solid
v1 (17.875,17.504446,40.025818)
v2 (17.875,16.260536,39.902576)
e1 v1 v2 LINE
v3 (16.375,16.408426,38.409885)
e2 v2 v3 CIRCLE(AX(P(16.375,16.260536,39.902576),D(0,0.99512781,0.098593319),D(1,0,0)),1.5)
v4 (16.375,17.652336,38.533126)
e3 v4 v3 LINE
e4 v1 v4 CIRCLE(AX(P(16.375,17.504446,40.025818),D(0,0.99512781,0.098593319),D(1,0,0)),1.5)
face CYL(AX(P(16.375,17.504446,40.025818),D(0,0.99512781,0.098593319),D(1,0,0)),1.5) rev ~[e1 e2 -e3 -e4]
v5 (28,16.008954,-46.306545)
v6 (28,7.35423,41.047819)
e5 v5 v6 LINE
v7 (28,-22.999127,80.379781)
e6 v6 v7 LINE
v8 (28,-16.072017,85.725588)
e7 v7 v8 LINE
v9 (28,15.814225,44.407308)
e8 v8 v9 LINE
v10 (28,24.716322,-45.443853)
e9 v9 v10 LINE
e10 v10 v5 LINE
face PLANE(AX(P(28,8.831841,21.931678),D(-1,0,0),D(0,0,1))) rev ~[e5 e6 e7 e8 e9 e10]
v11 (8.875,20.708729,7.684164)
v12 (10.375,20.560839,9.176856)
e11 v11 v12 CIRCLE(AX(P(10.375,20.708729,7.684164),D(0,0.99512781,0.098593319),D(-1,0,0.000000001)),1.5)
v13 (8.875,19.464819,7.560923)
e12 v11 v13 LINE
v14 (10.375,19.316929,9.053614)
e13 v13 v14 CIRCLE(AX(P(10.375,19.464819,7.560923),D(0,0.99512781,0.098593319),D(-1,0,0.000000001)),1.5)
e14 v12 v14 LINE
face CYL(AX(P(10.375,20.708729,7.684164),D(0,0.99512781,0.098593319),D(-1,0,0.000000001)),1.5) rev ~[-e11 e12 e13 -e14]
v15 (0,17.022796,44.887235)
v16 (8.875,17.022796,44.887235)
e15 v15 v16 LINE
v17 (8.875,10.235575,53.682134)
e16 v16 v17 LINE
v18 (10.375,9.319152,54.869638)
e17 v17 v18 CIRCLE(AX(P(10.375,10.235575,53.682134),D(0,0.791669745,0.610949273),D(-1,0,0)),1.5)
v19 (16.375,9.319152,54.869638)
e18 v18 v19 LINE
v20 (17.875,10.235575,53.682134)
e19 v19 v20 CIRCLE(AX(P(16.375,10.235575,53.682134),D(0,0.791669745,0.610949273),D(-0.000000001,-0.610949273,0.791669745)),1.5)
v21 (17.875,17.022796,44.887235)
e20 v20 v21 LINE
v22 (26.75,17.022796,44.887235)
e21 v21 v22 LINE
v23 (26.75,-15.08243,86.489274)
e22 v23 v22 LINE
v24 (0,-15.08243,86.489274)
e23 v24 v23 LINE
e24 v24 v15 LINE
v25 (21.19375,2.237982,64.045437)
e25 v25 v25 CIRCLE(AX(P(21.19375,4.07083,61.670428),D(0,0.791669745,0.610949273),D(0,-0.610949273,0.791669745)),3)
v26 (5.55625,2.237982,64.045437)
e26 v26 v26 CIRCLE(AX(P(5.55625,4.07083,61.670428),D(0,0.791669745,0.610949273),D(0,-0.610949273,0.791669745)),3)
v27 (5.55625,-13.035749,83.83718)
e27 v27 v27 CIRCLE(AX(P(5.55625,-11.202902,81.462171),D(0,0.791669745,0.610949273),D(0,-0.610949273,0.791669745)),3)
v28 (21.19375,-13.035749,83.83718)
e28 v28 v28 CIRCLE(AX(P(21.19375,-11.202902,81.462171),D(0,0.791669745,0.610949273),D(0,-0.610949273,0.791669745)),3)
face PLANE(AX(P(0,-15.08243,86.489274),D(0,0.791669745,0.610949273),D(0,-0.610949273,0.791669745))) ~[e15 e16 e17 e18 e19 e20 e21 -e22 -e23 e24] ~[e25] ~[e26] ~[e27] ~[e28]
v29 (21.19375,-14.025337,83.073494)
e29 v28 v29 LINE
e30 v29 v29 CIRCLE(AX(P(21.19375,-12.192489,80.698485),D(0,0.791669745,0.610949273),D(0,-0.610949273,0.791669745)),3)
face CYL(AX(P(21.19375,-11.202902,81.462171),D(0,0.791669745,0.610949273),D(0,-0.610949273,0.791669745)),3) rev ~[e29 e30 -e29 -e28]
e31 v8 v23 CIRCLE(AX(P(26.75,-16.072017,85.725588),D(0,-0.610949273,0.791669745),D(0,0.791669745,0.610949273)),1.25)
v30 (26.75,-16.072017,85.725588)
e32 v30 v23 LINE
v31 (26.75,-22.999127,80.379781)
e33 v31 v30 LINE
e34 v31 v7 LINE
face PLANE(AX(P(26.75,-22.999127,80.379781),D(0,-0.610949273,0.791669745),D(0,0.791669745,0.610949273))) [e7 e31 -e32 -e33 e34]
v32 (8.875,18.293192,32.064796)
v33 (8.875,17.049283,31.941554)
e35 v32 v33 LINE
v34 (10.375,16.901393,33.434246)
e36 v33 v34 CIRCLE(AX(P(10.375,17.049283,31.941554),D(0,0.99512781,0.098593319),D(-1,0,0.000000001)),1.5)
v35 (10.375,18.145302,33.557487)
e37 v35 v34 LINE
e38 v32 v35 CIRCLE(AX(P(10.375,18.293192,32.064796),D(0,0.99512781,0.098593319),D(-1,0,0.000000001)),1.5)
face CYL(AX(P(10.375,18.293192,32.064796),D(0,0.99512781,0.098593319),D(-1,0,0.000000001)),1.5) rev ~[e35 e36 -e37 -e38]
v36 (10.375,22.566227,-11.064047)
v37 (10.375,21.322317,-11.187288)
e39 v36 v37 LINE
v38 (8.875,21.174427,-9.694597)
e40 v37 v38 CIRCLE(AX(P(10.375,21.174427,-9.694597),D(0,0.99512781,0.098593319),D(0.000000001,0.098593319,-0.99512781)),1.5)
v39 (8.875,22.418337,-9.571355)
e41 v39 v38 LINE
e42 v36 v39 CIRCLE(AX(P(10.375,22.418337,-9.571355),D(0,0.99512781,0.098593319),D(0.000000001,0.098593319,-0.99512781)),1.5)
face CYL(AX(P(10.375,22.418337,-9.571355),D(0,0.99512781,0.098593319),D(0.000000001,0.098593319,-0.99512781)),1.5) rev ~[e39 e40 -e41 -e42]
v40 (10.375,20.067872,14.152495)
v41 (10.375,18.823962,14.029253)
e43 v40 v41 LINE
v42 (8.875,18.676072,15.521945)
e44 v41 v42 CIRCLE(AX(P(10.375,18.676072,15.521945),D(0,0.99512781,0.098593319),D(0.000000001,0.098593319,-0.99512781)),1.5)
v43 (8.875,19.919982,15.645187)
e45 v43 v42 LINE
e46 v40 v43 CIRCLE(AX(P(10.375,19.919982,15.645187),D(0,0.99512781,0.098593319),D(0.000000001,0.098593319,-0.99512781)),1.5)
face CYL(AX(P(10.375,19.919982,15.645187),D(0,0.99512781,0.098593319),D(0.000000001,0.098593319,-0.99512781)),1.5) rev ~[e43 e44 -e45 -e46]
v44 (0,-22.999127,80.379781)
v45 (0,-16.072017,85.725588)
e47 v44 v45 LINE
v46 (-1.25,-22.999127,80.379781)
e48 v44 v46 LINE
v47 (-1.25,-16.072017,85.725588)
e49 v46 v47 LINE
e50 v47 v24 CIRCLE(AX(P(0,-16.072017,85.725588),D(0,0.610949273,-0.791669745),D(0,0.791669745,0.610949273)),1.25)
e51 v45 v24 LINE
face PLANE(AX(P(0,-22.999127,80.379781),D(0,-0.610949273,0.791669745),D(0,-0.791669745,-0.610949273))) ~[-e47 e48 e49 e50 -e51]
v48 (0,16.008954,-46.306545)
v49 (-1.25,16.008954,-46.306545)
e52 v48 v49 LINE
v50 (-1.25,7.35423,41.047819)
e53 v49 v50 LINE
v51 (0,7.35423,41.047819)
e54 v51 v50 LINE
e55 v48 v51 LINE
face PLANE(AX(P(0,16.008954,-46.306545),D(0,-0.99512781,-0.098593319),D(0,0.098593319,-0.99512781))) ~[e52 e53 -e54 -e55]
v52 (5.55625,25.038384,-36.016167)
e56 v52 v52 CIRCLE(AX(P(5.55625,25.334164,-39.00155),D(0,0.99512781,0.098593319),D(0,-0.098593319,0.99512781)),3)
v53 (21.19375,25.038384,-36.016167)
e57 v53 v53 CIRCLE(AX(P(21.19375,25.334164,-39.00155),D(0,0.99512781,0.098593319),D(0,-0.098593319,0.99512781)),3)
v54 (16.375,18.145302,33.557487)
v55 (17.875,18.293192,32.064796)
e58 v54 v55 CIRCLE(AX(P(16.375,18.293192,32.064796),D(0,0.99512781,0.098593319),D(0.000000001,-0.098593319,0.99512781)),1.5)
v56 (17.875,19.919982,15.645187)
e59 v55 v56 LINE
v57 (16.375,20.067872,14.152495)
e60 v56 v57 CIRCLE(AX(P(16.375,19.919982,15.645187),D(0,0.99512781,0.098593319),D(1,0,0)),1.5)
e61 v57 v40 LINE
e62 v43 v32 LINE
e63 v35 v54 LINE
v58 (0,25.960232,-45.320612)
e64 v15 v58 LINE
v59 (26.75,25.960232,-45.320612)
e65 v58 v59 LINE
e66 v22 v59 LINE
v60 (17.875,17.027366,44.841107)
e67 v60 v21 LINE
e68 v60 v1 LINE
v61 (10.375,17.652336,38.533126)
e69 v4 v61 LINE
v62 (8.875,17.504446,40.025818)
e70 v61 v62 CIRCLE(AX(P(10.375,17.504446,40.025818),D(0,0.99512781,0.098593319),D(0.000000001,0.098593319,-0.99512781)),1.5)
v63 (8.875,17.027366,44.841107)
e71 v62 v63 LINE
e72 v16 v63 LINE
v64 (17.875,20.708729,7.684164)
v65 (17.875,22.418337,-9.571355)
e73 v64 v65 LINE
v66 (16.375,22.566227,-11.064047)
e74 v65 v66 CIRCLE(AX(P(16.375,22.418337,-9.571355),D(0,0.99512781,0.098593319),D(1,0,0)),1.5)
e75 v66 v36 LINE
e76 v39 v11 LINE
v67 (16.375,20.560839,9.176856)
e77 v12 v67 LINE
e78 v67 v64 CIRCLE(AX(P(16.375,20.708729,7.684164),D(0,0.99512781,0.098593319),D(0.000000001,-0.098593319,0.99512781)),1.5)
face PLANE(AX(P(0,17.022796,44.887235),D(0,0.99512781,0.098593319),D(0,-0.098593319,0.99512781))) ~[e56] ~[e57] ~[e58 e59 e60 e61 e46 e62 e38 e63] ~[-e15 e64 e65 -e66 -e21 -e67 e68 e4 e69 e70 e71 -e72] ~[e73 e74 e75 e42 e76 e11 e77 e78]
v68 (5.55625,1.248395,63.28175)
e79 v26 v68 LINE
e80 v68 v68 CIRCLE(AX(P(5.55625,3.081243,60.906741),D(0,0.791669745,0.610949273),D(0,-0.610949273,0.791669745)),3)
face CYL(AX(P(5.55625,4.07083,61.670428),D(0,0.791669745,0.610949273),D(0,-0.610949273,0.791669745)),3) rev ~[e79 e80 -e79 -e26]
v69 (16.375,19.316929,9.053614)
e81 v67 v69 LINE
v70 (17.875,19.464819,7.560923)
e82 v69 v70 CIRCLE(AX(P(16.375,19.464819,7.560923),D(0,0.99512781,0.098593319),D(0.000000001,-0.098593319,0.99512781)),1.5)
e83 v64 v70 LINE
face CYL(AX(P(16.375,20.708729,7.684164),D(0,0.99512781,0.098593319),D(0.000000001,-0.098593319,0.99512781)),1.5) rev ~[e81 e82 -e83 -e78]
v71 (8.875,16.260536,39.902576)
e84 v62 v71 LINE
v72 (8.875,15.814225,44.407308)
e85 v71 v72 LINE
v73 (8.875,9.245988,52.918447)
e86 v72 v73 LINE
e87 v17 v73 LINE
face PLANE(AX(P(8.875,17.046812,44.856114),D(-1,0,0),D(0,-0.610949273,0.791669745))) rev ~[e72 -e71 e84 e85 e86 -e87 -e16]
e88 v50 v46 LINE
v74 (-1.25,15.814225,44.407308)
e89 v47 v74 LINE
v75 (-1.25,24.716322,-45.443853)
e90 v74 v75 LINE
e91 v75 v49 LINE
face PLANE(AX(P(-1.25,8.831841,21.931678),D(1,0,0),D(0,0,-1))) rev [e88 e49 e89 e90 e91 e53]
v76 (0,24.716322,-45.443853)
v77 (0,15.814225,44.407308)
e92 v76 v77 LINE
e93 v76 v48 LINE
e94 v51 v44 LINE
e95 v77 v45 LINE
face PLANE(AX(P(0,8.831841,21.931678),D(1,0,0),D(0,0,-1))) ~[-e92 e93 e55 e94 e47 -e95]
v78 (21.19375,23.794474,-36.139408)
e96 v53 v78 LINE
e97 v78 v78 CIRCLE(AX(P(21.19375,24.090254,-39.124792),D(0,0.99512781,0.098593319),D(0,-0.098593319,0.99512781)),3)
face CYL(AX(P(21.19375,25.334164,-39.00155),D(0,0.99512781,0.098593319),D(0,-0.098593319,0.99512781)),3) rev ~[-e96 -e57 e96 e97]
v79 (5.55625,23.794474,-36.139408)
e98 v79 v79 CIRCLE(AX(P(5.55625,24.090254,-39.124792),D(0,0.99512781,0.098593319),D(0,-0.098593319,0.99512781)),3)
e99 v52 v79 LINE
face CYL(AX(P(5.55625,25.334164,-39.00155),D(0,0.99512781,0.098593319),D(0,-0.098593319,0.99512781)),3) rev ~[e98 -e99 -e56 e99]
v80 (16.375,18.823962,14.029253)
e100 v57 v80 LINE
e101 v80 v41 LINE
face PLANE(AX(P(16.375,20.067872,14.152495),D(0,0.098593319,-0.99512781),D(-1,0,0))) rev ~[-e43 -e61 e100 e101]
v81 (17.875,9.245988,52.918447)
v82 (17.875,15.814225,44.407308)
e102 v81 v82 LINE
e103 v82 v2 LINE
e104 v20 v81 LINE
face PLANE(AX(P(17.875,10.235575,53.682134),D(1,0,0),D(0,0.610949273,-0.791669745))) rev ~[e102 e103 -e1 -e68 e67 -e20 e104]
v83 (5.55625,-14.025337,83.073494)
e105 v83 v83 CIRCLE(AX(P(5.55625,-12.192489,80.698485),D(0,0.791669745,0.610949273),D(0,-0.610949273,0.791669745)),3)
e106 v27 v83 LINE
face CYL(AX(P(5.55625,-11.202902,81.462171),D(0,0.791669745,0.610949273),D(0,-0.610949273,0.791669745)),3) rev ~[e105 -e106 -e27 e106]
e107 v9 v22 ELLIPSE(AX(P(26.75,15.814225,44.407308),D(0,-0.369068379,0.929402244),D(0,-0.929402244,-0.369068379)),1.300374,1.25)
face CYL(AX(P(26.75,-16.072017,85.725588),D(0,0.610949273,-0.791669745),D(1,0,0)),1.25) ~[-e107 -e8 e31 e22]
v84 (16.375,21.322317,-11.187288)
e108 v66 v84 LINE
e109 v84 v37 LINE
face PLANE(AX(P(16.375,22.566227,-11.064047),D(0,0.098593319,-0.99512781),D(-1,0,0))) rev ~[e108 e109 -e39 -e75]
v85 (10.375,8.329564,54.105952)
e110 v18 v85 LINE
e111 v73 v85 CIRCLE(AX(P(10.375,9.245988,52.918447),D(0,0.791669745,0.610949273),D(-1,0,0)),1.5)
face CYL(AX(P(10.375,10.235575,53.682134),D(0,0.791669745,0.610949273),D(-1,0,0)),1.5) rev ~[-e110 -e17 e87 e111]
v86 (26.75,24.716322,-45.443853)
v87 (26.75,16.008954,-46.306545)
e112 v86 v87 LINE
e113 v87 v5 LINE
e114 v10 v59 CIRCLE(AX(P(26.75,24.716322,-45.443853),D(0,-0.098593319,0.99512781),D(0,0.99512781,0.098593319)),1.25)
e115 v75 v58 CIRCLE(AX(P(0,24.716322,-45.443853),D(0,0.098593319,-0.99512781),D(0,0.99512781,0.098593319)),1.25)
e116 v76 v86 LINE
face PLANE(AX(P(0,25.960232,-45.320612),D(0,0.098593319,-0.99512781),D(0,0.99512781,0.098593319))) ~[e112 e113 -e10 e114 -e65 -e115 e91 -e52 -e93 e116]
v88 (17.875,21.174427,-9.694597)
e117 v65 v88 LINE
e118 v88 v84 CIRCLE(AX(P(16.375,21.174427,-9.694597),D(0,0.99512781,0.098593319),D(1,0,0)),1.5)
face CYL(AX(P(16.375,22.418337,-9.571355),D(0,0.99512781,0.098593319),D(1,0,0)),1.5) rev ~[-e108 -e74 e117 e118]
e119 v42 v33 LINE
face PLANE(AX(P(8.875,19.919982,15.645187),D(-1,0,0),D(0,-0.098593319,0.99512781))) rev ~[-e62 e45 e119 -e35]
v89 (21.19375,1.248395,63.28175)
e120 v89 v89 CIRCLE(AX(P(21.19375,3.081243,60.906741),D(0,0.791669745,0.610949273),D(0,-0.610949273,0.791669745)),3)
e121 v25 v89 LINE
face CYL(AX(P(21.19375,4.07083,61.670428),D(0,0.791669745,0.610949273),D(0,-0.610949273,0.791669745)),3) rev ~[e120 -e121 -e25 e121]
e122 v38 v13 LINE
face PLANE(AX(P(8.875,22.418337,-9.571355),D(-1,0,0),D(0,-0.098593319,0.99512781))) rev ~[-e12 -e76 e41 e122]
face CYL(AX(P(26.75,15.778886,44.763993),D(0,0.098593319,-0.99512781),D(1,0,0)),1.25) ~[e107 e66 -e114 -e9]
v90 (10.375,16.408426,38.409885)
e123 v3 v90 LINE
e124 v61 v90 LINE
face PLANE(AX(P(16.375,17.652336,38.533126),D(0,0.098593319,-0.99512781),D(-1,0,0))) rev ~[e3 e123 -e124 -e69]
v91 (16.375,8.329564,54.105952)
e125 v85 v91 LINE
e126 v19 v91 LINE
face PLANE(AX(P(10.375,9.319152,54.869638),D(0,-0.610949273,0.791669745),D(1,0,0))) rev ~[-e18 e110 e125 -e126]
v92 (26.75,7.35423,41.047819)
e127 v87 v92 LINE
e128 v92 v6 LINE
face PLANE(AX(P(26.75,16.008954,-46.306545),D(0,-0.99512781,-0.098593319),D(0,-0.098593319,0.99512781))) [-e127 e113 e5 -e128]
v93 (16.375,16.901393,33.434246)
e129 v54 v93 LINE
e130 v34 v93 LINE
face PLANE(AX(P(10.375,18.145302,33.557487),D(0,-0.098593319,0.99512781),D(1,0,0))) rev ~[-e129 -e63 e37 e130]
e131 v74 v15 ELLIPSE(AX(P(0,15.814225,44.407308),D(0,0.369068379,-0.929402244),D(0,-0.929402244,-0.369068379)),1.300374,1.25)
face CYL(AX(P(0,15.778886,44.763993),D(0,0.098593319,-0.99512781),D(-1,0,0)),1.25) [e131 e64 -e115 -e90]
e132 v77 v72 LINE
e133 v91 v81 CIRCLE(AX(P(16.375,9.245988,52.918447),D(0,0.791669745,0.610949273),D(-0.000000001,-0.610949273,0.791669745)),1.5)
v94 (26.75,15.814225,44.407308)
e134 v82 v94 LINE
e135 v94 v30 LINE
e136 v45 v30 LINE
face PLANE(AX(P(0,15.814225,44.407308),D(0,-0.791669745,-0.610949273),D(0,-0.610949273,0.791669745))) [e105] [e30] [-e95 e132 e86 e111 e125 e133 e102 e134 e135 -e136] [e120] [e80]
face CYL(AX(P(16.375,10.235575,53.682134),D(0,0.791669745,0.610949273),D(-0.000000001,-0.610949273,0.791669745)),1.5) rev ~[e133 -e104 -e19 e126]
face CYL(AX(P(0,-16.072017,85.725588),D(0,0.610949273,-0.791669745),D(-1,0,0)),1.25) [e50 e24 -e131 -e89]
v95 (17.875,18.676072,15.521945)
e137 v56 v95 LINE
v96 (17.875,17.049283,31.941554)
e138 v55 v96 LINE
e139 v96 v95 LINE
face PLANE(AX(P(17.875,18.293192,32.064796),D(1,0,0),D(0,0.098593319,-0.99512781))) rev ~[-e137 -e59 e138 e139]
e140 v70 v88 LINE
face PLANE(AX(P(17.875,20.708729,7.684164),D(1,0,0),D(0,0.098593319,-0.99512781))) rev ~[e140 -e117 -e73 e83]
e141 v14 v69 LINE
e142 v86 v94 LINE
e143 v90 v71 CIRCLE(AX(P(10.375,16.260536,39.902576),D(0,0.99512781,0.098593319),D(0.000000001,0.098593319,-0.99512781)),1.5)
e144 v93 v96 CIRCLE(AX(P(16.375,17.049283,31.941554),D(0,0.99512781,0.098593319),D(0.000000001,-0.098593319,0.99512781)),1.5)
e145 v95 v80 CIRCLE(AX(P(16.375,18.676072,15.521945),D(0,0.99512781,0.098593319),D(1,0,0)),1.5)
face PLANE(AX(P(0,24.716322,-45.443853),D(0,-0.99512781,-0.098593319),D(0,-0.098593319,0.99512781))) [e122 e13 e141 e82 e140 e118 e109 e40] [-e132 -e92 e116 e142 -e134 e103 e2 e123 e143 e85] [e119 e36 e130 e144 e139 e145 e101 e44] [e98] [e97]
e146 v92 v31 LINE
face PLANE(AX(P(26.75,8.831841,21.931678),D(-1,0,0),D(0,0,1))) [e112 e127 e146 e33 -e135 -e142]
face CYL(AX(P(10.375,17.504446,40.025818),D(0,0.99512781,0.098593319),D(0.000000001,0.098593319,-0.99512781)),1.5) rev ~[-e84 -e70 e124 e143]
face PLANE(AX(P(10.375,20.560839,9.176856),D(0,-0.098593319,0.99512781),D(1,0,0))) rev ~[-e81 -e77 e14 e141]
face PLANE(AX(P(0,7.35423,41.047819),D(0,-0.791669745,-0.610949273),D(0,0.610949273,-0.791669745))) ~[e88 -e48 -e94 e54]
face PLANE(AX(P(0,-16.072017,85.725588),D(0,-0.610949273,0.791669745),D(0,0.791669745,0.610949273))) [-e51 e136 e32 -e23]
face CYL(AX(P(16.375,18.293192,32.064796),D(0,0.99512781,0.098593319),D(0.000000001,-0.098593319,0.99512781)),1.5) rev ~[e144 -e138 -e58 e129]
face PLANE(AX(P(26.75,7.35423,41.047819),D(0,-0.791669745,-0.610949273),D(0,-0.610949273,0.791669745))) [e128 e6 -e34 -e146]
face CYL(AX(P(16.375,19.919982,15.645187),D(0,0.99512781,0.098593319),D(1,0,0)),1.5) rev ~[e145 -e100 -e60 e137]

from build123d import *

# Parameters (mm, degrees)
BOSS_EXTRUDE1_DEPTH  = 26.75
BOSS_EXTRUDE2_DEPTH  = 1.25
FILLET1_R            = 1.25
FILLET1_OF_MIRROR1_R = 1.25
SKETCH5_R            = 3
CUT_EXTRUDE1_DEPTH   = 1.25
SKETCH6_R            = 3
CUT_EXTRUDE2_DEPTH   = 1.25
CUT_EXTRUDE3_DEPTH   = 1.25
CUT_EXTRUDE4_DEPTH   = 1.25


with BuildPart() as part:
    # Sketch1 → Boss-Extrude1 (new body)
    with BuildSketch(Plane(origin=(0, 0, 0), x_dir=(0, 0, -1), z_dir=(1, 0, 0))):
        Polygon((45.443853174, 24.716321972), (-44.407308019, 15.814225038), (-85.72558755, -16.072016683), (-86.489274142, -15.082429501), (-44.887235053, 17.022795826), (45.320611525, 25.960231734), align=None)
    extrude(amount=BOSS_EXTRUDE1_DEPTH)

    # Sketch2 → Boss-Extrude2 (add)
    with BuildSketch(Plane(origin=(26.75, 0, 0), x_dir=(0, 0, -1), z_dir=(1, 0, 0))):
        Polygon((46.306544717, 16.008953638), (-41.047818784, 7.354229524), (-80.379781408, -22.999126953), (-86.489274142, -15.082429501), (-44.887235053, 17.022795826), (45.320611525, 25.960231734), align=None)
    boss_extrude2 = extrude(amount=BOSS_EXTRUDE2_DEPTH)

    # Fillet1
    fillet1_edges = [part.edges().sort_by_distance(p)[0] for p in [
        (28, 21.49151378, -0.216688236),
        (28, 0.970183162, 65.688254597),
    ]]
    fillet(fillet1_edges, radius=FILLET1_R)

    # Mirror1: Boss-Extrude2 across plane
    add(boss_extrude2.mirror(Plane(origin=(13.375, 0, 0), x_dir=(0, 0, 1), z_dir=(1, 0, 0))))

    # Fillet1 of Mirror1
    fillet1_of_mirror1_edges = [part.edges().sort_by_distance(p)[0] for p in [
        (-1.25, 21.49151378, -0.216688236),
        (-1.25, 0.970183162, 65.688254597),
    ]]
    fillet(fillet1_of_mirror1_edges, radius=FILLET1_OF_MIRROR1_R)

    # Sketch5 → Cut-Extrude1 (cut)
    with BuildSketch(Plane(origin=(0, 21.261342533, 2.106489551), x_dir=(1, 0, 0), z_dir=(0, 0.9951278095775022, 0.09859331927408967))):
        with Locations(Location((5.55625, 41.309306291, 0), (0, 0, 270))):
            Circle(SKETCH5_R)
        with Locations(Location((21.19375, 41.309306291, 0), (0, 0, 270))):
            Circle(SKETCH5_R)
    extrude(amount=-CUT_EXTRUDE1_DEPTH, mode=Mode.SUBTRACT)

    # Sketch6 → Cut-Extrude2 (cut)
    with BuildSketch(Plane(origin=(0, 32.379495301, 24.987981728), x_dir=(1, 0, 0), z_dir=(0, 0.7916697451364806, 0.6109492733734446))):
        with Locations(Location((21.19375, -71.335540962, 0), (0, 0, 270))):
            Circle(SKETCH6_R)
        with Locations(Location((5.55625, -71.335540962, 0), (0, 0, 270))):
            Circle(SKETCH6_R)
        with Locations(Location((5.55625, -46.335540962, 0), (0, 0, 270))):
            Circle(SKETCH6_R)
        with Locations(Location((21.19375, -46.335540962, 0), (0, 0, 270))):
            Circle(SKETCH6_R)
    extrude(amount=-CUT_EXTRUDE2_DEPTH, mode=Mode.SUBTRACT)

    # Sketch7 → Cut-Extrude3 (cut)
    with BuildSketch(Plane(origin=(0, 21.261342533, 2.106489551), x_dir=(1, 0, 0), z_dir=(0, 0.9951278095775022, 0.09859331927408967))):
        with BuildLine():
            Line((8.875, -42.943848047), (17.875, -42.943848047))
            Line((17.875, -42.943848047), (17.875, -38.104983203))
            ThreePointArc((17.875, -38.104983203), (17.435660172, -37.044323031), (16.375, -36.604983203))
            Line((16.375, -36.604983203), (10.375, -36.604983203))
            ThreePointArc((10.375, -36.604983203), (9.314339828, -37.044323031), (8.875, -38.104983203))
            Line((8.875, -38.104983203), (8.875, -42.943848047))
        make_face()
        with BuildLine():
            Line((17.875, -23.604983203), (17.875, -15.104983203))
            Line((17.875, -15.104983203), (17.875, -13.604983203))
            ThreePointArc((17.875, -13.604983203), (17.435660172, -12.544323031), (16.375, -12.104983203))
            Line((16.375, -12.104983203), (10.375, -12.104983203))
            ThreePointArc((10.375, -12.104983203), (9.314339828, -12.544323031), (8.875, -13.604983203))
            Line((8.875, -13.604983203), (8.875, -15.104983203))
            Line((8.875, -15.104983203), (8.875, -23.604983203))
            Line((8.875, -23.604983203), (8.875, -28.604983203))
            Line((8.875, -28.604983203), (8.875, -30.104983203))
            ThreePointArc((8.875, -30.104983203), (9.314339828, -31.165643374), (10.375, -31.604983203))
            Line((10.375, -31.604983203), (16.375, -31.604983203))
            ThreePointArc((16.375, -31.604983203), (17.435660172, -31.165643374), (17.875, -30.104983203))
            Line((17.875, -30.104983203), (17.875, -28.604983203))
            Line((17.875, -28.604983203), (17.875, -23.604983203))
        make_face()
        with BuildLine():
            Line((16.375, 13.235019835), (10.375, 13.235019835))
            ThreePointArc((10.375, 13.235019835), (9.314339828, 12.795680007), (8.875, 11.735019835))
            Line((8.875, 11.735019835), (8.875, -5.604983203))
            ThreePointArc((8.875, -5.604983203), (9.314339828, -6.665643374), (10.375, -7.104983203))
            Line((10.375, -7.104983203), (16.375, -7.104983203))
            ThreePointArc((16.375, -7.104983203), (17.435660172, -6.665643374), (17.875, -5.604983203))
            Line((17.875, -5.604983203), (17.875, 11.735019835))
            ThreePointArc((17.875, 11.735019835), (17.435660172, 12.795680007), (16.375, 13.235019835))
        make_face()
    extrude(amount=-CUT_EXTRUDE3_DEPTH, mode=Mode.SUBTRACT)

    # Sketch8 → Cut-Extrude4 (cut)
    with BuildSketch(Plane(origin=(0, 32.379495301, 24.987981728), x_dir=(1, 0, 0), z_dir=(0, 0.7916697451364806, 0.6109492733734446))):
        with BuildLine():
            Line((8.875, -25.096490852), (8.875, -36.245103825))
            ThreePointArc((8.875, -36.245103825), (9.314339828, -37.305763997), (10.375, -37.745103825))
            Line((10.375, -37.745103825), (16.375, -37.745103825))
            ThreePointArc((16.375, -37.745103825), (17.435660172, -37.305763997), (17.875, -36.245103825))
            Line((17.875, -36.245103825), (17.875, -25.096490852))
            Line((17.875, -25.096490852), (8.875, -25.096490852))
        make_face()
    extrude(amount=-CUT_EXTRUDE4_DEPTH, mode=Mode.SUBTRACT)


solid = part.part
